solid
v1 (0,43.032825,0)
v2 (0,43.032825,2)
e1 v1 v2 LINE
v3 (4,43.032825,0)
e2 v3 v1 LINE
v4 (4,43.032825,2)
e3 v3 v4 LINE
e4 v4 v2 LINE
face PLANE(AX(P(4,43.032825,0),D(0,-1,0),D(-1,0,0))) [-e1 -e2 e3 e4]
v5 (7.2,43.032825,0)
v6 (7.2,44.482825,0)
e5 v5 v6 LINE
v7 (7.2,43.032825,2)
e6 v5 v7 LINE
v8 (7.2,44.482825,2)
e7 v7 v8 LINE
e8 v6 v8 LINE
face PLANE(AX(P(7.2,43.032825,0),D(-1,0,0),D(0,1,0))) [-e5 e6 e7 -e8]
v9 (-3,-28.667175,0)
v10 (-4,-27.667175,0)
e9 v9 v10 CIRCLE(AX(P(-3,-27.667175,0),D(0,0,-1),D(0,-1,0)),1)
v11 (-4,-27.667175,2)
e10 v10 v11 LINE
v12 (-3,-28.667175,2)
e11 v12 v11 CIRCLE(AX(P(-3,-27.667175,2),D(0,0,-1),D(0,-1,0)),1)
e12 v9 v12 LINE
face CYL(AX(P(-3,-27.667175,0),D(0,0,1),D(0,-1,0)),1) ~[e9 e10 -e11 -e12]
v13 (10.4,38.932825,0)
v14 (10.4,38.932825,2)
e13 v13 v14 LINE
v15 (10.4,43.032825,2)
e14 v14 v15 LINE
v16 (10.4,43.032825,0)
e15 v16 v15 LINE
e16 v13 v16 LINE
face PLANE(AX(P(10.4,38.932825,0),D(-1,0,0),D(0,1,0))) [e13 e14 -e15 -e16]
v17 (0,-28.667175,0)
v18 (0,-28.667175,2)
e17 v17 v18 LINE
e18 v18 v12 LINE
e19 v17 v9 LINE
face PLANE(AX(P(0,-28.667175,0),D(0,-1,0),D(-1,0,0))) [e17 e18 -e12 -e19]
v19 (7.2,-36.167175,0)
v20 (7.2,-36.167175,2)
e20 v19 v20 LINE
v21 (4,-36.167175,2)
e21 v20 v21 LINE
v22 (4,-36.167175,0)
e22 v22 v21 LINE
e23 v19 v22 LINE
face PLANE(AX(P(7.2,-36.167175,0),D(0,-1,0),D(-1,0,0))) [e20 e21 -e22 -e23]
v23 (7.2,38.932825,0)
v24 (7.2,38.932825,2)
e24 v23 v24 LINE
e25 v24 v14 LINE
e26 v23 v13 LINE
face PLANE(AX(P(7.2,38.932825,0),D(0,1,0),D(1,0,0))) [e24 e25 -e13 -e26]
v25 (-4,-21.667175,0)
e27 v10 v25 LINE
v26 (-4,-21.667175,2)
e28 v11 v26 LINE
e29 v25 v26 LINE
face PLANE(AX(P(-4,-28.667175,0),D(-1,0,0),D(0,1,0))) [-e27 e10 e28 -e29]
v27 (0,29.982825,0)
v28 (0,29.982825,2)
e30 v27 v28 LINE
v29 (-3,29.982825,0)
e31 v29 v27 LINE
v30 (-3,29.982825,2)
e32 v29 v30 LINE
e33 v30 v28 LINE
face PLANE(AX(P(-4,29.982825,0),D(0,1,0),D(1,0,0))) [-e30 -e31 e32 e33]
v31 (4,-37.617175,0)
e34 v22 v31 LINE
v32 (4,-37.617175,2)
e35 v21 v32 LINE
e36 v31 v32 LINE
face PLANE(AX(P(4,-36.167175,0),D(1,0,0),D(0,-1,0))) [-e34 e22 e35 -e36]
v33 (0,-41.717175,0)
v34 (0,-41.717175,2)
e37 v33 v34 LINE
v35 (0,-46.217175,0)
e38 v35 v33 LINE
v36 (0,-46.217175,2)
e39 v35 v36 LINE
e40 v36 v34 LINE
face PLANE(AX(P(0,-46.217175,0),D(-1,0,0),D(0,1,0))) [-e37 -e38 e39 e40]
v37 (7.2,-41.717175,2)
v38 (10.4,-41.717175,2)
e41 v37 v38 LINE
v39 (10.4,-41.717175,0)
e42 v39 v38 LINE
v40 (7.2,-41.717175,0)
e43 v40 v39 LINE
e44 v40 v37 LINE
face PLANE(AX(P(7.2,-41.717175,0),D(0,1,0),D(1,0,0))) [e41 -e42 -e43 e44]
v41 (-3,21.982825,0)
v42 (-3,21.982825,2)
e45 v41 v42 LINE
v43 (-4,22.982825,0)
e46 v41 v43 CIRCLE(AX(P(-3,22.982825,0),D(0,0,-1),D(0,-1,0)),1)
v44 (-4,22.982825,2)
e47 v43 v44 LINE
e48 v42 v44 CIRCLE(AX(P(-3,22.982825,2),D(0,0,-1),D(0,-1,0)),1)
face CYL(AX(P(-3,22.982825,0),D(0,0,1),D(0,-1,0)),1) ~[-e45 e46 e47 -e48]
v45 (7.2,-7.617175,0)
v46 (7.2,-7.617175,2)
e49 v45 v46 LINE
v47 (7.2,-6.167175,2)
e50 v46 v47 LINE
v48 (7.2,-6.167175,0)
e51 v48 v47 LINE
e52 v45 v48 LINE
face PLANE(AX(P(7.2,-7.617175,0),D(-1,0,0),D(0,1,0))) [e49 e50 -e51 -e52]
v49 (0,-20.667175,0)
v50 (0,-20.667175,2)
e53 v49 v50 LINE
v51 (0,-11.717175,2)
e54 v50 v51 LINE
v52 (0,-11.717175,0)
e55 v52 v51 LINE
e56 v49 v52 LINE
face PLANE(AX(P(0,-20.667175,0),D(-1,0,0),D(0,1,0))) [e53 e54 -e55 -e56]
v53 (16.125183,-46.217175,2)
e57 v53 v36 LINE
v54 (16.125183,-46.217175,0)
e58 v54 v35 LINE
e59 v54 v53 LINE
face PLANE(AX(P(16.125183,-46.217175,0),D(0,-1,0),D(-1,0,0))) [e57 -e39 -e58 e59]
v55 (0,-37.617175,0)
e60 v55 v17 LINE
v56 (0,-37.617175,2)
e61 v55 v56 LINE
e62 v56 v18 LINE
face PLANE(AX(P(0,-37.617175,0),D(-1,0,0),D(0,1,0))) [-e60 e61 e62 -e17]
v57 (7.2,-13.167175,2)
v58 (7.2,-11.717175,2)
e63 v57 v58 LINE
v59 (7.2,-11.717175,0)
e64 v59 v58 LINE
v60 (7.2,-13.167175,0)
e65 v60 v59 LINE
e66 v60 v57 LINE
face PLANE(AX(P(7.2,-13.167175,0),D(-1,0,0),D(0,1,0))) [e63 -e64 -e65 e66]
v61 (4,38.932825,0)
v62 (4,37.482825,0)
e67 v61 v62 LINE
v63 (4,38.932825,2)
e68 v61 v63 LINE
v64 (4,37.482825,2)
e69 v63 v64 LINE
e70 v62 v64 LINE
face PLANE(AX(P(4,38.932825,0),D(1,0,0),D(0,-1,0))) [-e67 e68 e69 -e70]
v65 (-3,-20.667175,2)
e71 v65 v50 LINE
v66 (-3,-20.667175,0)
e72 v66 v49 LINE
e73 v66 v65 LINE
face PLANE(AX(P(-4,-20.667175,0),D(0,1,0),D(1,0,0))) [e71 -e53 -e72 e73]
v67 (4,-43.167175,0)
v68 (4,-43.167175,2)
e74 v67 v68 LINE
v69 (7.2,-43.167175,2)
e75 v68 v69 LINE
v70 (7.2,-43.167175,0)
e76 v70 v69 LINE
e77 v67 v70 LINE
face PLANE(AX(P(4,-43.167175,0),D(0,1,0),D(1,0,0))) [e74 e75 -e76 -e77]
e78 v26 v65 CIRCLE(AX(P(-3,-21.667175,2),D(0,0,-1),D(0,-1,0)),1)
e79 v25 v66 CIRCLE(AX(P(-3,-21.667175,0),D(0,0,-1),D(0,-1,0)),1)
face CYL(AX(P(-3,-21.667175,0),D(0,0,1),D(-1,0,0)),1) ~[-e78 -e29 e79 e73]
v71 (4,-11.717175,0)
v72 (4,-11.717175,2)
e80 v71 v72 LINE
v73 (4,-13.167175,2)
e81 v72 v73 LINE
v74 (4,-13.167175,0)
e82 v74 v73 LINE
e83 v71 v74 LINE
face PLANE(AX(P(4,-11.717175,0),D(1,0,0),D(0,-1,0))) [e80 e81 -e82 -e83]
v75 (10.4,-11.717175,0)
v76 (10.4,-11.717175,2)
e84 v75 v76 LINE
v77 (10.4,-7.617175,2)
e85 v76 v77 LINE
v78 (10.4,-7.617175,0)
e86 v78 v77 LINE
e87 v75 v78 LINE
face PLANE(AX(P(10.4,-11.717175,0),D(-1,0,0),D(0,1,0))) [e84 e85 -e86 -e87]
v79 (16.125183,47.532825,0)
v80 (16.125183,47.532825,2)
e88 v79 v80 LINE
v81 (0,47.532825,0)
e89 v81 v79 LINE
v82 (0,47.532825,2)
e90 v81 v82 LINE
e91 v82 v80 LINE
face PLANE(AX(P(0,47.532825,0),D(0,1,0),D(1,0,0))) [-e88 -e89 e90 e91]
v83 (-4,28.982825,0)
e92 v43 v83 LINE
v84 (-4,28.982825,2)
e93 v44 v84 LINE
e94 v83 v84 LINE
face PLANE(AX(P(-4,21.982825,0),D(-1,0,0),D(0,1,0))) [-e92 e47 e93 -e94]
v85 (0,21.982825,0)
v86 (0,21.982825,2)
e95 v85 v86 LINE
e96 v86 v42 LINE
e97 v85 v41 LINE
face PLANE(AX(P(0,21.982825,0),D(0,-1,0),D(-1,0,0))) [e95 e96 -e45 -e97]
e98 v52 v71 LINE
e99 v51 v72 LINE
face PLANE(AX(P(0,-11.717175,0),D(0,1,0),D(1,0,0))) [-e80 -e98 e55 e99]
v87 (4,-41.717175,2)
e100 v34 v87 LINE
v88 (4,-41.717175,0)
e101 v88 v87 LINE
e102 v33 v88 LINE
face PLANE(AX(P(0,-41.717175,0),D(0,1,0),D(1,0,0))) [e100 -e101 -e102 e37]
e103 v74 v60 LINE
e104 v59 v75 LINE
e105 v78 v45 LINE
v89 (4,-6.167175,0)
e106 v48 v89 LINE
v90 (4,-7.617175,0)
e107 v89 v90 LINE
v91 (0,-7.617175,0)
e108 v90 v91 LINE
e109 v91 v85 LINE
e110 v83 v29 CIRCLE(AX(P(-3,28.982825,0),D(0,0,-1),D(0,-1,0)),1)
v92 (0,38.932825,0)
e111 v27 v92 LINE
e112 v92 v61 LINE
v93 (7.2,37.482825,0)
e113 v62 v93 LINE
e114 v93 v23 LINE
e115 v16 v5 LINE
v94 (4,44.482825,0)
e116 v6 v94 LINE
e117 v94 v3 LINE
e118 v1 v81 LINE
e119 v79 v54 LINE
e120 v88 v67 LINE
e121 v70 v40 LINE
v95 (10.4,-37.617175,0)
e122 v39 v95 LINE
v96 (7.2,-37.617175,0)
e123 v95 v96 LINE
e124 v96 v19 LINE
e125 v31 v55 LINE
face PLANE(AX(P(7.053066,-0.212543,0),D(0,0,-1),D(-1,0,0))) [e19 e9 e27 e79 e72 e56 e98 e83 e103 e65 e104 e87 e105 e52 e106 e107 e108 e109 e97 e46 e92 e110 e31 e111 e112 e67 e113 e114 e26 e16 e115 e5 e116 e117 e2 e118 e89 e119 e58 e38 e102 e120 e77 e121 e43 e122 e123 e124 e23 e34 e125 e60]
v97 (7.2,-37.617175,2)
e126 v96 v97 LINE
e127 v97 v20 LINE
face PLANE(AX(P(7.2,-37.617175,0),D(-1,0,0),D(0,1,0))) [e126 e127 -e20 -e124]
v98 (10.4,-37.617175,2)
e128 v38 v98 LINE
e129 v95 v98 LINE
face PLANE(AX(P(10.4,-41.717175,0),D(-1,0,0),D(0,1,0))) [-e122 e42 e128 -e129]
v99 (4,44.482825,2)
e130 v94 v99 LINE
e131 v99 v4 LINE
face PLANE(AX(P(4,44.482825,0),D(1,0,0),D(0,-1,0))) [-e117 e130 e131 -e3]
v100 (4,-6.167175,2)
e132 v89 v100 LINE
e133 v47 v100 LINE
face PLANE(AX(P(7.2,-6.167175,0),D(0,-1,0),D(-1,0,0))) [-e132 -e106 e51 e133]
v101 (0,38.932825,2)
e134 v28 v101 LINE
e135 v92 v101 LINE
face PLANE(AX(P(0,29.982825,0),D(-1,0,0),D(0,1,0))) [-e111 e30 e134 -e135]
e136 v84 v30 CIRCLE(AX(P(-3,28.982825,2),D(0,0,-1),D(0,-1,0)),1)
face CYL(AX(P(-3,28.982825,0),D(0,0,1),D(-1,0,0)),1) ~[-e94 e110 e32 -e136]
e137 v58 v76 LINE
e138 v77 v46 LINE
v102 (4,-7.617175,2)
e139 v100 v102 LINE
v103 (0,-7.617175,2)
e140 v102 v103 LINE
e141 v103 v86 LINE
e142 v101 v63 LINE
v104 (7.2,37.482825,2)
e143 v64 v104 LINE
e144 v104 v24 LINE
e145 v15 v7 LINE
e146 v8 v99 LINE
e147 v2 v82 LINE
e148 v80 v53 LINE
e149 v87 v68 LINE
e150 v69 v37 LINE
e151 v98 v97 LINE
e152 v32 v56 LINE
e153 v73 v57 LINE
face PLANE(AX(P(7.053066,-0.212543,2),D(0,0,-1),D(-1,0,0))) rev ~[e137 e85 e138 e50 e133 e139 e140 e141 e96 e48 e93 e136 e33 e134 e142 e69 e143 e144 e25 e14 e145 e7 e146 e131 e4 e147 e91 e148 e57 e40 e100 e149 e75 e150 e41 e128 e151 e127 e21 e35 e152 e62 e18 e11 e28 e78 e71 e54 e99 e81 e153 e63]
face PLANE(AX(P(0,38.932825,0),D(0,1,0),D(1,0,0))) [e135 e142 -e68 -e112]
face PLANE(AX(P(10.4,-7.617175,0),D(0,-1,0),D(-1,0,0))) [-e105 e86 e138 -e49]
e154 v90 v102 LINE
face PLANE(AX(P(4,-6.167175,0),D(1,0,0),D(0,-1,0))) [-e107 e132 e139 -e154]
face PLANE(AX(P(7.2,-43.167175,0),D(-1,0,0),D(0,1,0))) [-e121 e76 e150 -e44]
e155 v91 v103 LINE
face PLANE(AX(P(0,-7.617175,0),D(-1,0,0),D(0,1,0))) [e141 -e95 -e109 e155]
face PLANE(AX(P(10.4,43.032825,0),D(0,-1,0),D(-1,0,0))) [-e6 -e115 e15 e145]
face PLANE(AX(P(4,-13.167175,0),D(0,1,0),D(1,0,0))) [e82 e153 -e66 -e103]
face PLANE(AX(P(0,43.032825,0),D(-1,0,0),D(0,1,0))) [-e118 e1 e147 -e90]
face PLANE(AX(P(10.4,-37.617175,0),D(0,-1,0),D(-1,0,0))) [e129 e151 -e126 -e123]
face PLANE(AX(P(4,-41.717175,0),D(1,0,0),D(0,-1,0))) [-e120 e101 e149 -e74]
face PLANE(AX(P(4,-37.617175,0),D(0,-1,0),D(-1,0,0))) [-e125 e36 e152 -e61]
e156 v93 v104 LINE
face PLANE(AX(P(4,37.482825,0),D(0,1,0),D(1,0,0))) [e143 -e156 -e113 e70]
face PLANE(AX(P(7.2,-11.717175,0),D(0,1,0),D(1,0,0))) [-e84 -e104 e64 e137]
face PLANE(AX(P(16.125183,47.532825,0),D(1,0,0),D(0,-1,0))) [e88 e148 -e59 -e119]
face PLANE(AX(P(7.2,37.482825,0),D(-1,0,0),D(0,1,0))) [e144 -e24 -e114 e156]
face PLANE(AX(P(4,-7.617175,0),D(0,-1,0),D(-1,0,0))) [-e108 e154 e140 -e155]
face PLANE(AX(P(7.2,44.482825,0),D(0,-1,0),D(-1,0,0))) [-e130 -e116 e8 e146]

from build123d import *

# Parameters (mm, degrees)
EXTRUDE_1_DEPTH = 2
FILLET_1_R      = 1


with BuildPart() as part:
    # 草图1 → 凸台-拉伸1 (new body)
    with BuildSketch(Plane.XY):
        Polygon((0, 38.932825237), (4, 38.932825237), (4, 37.482825237), (7.2, 37.482825237), (7.2, 38.932825237), (10.4, 38.932825237), (10.4, 43.032825237), (7.2, 43.032825237), (7.2, 44.482825237), (4, 44.482825237), (4, 43.032825237), (0, 43.032825237), (0, 47.532825237), (16.125183107, 47.532825237), (16.125183107, -46.217174763), (0, -46.217174763), (0, -41.717174763), (4, -41.717174763), (4, -43.167174763), (7.2, -43.167174763), (7.2, -41.717174763), (10.4, -41.717174763), (10.4, -37.617174763), (7.2, -37.617174763), (7.2, -36.167174763), (4, -36.167174763), (4, -37.617174763), (0, -37.617174763), (0, -28.667174763), (-4, -28.667174763), (-4, -20.667174763), (0, -20.667174763), (0, -11.717174763), (4, -11.717174763), (4, -13.167174763), (7.2, -13.167174763), (7.2, -11.717174763), (10.4, -11.717174763), (10.4, -7.617174763), (7.2, -7.617174763), (7.2, -6.167174763), (4, -6.167174763), (4, -7.617174763), (0, -7.617174763), (0, 21.982825237), (-4, 21.982825237), (-4, 29.982825237), (0, 29.982825237), align=None)
    extrude(amount=EXTRUDE_1_DEPTH)

    # 圆角1
    fillet_1_edges = [part.edges().sort_by_distance(p)[0] for p in [
        (-4, 29.982825237, 1),
        (-4, 21.982825237, 1),
        (-4, -20.667174763, 1),
        (-4, -28.667174763, 1),
    ]]
    fillet(fillet_1_edges, radius=FILLET_1_R)


solid = part.part
